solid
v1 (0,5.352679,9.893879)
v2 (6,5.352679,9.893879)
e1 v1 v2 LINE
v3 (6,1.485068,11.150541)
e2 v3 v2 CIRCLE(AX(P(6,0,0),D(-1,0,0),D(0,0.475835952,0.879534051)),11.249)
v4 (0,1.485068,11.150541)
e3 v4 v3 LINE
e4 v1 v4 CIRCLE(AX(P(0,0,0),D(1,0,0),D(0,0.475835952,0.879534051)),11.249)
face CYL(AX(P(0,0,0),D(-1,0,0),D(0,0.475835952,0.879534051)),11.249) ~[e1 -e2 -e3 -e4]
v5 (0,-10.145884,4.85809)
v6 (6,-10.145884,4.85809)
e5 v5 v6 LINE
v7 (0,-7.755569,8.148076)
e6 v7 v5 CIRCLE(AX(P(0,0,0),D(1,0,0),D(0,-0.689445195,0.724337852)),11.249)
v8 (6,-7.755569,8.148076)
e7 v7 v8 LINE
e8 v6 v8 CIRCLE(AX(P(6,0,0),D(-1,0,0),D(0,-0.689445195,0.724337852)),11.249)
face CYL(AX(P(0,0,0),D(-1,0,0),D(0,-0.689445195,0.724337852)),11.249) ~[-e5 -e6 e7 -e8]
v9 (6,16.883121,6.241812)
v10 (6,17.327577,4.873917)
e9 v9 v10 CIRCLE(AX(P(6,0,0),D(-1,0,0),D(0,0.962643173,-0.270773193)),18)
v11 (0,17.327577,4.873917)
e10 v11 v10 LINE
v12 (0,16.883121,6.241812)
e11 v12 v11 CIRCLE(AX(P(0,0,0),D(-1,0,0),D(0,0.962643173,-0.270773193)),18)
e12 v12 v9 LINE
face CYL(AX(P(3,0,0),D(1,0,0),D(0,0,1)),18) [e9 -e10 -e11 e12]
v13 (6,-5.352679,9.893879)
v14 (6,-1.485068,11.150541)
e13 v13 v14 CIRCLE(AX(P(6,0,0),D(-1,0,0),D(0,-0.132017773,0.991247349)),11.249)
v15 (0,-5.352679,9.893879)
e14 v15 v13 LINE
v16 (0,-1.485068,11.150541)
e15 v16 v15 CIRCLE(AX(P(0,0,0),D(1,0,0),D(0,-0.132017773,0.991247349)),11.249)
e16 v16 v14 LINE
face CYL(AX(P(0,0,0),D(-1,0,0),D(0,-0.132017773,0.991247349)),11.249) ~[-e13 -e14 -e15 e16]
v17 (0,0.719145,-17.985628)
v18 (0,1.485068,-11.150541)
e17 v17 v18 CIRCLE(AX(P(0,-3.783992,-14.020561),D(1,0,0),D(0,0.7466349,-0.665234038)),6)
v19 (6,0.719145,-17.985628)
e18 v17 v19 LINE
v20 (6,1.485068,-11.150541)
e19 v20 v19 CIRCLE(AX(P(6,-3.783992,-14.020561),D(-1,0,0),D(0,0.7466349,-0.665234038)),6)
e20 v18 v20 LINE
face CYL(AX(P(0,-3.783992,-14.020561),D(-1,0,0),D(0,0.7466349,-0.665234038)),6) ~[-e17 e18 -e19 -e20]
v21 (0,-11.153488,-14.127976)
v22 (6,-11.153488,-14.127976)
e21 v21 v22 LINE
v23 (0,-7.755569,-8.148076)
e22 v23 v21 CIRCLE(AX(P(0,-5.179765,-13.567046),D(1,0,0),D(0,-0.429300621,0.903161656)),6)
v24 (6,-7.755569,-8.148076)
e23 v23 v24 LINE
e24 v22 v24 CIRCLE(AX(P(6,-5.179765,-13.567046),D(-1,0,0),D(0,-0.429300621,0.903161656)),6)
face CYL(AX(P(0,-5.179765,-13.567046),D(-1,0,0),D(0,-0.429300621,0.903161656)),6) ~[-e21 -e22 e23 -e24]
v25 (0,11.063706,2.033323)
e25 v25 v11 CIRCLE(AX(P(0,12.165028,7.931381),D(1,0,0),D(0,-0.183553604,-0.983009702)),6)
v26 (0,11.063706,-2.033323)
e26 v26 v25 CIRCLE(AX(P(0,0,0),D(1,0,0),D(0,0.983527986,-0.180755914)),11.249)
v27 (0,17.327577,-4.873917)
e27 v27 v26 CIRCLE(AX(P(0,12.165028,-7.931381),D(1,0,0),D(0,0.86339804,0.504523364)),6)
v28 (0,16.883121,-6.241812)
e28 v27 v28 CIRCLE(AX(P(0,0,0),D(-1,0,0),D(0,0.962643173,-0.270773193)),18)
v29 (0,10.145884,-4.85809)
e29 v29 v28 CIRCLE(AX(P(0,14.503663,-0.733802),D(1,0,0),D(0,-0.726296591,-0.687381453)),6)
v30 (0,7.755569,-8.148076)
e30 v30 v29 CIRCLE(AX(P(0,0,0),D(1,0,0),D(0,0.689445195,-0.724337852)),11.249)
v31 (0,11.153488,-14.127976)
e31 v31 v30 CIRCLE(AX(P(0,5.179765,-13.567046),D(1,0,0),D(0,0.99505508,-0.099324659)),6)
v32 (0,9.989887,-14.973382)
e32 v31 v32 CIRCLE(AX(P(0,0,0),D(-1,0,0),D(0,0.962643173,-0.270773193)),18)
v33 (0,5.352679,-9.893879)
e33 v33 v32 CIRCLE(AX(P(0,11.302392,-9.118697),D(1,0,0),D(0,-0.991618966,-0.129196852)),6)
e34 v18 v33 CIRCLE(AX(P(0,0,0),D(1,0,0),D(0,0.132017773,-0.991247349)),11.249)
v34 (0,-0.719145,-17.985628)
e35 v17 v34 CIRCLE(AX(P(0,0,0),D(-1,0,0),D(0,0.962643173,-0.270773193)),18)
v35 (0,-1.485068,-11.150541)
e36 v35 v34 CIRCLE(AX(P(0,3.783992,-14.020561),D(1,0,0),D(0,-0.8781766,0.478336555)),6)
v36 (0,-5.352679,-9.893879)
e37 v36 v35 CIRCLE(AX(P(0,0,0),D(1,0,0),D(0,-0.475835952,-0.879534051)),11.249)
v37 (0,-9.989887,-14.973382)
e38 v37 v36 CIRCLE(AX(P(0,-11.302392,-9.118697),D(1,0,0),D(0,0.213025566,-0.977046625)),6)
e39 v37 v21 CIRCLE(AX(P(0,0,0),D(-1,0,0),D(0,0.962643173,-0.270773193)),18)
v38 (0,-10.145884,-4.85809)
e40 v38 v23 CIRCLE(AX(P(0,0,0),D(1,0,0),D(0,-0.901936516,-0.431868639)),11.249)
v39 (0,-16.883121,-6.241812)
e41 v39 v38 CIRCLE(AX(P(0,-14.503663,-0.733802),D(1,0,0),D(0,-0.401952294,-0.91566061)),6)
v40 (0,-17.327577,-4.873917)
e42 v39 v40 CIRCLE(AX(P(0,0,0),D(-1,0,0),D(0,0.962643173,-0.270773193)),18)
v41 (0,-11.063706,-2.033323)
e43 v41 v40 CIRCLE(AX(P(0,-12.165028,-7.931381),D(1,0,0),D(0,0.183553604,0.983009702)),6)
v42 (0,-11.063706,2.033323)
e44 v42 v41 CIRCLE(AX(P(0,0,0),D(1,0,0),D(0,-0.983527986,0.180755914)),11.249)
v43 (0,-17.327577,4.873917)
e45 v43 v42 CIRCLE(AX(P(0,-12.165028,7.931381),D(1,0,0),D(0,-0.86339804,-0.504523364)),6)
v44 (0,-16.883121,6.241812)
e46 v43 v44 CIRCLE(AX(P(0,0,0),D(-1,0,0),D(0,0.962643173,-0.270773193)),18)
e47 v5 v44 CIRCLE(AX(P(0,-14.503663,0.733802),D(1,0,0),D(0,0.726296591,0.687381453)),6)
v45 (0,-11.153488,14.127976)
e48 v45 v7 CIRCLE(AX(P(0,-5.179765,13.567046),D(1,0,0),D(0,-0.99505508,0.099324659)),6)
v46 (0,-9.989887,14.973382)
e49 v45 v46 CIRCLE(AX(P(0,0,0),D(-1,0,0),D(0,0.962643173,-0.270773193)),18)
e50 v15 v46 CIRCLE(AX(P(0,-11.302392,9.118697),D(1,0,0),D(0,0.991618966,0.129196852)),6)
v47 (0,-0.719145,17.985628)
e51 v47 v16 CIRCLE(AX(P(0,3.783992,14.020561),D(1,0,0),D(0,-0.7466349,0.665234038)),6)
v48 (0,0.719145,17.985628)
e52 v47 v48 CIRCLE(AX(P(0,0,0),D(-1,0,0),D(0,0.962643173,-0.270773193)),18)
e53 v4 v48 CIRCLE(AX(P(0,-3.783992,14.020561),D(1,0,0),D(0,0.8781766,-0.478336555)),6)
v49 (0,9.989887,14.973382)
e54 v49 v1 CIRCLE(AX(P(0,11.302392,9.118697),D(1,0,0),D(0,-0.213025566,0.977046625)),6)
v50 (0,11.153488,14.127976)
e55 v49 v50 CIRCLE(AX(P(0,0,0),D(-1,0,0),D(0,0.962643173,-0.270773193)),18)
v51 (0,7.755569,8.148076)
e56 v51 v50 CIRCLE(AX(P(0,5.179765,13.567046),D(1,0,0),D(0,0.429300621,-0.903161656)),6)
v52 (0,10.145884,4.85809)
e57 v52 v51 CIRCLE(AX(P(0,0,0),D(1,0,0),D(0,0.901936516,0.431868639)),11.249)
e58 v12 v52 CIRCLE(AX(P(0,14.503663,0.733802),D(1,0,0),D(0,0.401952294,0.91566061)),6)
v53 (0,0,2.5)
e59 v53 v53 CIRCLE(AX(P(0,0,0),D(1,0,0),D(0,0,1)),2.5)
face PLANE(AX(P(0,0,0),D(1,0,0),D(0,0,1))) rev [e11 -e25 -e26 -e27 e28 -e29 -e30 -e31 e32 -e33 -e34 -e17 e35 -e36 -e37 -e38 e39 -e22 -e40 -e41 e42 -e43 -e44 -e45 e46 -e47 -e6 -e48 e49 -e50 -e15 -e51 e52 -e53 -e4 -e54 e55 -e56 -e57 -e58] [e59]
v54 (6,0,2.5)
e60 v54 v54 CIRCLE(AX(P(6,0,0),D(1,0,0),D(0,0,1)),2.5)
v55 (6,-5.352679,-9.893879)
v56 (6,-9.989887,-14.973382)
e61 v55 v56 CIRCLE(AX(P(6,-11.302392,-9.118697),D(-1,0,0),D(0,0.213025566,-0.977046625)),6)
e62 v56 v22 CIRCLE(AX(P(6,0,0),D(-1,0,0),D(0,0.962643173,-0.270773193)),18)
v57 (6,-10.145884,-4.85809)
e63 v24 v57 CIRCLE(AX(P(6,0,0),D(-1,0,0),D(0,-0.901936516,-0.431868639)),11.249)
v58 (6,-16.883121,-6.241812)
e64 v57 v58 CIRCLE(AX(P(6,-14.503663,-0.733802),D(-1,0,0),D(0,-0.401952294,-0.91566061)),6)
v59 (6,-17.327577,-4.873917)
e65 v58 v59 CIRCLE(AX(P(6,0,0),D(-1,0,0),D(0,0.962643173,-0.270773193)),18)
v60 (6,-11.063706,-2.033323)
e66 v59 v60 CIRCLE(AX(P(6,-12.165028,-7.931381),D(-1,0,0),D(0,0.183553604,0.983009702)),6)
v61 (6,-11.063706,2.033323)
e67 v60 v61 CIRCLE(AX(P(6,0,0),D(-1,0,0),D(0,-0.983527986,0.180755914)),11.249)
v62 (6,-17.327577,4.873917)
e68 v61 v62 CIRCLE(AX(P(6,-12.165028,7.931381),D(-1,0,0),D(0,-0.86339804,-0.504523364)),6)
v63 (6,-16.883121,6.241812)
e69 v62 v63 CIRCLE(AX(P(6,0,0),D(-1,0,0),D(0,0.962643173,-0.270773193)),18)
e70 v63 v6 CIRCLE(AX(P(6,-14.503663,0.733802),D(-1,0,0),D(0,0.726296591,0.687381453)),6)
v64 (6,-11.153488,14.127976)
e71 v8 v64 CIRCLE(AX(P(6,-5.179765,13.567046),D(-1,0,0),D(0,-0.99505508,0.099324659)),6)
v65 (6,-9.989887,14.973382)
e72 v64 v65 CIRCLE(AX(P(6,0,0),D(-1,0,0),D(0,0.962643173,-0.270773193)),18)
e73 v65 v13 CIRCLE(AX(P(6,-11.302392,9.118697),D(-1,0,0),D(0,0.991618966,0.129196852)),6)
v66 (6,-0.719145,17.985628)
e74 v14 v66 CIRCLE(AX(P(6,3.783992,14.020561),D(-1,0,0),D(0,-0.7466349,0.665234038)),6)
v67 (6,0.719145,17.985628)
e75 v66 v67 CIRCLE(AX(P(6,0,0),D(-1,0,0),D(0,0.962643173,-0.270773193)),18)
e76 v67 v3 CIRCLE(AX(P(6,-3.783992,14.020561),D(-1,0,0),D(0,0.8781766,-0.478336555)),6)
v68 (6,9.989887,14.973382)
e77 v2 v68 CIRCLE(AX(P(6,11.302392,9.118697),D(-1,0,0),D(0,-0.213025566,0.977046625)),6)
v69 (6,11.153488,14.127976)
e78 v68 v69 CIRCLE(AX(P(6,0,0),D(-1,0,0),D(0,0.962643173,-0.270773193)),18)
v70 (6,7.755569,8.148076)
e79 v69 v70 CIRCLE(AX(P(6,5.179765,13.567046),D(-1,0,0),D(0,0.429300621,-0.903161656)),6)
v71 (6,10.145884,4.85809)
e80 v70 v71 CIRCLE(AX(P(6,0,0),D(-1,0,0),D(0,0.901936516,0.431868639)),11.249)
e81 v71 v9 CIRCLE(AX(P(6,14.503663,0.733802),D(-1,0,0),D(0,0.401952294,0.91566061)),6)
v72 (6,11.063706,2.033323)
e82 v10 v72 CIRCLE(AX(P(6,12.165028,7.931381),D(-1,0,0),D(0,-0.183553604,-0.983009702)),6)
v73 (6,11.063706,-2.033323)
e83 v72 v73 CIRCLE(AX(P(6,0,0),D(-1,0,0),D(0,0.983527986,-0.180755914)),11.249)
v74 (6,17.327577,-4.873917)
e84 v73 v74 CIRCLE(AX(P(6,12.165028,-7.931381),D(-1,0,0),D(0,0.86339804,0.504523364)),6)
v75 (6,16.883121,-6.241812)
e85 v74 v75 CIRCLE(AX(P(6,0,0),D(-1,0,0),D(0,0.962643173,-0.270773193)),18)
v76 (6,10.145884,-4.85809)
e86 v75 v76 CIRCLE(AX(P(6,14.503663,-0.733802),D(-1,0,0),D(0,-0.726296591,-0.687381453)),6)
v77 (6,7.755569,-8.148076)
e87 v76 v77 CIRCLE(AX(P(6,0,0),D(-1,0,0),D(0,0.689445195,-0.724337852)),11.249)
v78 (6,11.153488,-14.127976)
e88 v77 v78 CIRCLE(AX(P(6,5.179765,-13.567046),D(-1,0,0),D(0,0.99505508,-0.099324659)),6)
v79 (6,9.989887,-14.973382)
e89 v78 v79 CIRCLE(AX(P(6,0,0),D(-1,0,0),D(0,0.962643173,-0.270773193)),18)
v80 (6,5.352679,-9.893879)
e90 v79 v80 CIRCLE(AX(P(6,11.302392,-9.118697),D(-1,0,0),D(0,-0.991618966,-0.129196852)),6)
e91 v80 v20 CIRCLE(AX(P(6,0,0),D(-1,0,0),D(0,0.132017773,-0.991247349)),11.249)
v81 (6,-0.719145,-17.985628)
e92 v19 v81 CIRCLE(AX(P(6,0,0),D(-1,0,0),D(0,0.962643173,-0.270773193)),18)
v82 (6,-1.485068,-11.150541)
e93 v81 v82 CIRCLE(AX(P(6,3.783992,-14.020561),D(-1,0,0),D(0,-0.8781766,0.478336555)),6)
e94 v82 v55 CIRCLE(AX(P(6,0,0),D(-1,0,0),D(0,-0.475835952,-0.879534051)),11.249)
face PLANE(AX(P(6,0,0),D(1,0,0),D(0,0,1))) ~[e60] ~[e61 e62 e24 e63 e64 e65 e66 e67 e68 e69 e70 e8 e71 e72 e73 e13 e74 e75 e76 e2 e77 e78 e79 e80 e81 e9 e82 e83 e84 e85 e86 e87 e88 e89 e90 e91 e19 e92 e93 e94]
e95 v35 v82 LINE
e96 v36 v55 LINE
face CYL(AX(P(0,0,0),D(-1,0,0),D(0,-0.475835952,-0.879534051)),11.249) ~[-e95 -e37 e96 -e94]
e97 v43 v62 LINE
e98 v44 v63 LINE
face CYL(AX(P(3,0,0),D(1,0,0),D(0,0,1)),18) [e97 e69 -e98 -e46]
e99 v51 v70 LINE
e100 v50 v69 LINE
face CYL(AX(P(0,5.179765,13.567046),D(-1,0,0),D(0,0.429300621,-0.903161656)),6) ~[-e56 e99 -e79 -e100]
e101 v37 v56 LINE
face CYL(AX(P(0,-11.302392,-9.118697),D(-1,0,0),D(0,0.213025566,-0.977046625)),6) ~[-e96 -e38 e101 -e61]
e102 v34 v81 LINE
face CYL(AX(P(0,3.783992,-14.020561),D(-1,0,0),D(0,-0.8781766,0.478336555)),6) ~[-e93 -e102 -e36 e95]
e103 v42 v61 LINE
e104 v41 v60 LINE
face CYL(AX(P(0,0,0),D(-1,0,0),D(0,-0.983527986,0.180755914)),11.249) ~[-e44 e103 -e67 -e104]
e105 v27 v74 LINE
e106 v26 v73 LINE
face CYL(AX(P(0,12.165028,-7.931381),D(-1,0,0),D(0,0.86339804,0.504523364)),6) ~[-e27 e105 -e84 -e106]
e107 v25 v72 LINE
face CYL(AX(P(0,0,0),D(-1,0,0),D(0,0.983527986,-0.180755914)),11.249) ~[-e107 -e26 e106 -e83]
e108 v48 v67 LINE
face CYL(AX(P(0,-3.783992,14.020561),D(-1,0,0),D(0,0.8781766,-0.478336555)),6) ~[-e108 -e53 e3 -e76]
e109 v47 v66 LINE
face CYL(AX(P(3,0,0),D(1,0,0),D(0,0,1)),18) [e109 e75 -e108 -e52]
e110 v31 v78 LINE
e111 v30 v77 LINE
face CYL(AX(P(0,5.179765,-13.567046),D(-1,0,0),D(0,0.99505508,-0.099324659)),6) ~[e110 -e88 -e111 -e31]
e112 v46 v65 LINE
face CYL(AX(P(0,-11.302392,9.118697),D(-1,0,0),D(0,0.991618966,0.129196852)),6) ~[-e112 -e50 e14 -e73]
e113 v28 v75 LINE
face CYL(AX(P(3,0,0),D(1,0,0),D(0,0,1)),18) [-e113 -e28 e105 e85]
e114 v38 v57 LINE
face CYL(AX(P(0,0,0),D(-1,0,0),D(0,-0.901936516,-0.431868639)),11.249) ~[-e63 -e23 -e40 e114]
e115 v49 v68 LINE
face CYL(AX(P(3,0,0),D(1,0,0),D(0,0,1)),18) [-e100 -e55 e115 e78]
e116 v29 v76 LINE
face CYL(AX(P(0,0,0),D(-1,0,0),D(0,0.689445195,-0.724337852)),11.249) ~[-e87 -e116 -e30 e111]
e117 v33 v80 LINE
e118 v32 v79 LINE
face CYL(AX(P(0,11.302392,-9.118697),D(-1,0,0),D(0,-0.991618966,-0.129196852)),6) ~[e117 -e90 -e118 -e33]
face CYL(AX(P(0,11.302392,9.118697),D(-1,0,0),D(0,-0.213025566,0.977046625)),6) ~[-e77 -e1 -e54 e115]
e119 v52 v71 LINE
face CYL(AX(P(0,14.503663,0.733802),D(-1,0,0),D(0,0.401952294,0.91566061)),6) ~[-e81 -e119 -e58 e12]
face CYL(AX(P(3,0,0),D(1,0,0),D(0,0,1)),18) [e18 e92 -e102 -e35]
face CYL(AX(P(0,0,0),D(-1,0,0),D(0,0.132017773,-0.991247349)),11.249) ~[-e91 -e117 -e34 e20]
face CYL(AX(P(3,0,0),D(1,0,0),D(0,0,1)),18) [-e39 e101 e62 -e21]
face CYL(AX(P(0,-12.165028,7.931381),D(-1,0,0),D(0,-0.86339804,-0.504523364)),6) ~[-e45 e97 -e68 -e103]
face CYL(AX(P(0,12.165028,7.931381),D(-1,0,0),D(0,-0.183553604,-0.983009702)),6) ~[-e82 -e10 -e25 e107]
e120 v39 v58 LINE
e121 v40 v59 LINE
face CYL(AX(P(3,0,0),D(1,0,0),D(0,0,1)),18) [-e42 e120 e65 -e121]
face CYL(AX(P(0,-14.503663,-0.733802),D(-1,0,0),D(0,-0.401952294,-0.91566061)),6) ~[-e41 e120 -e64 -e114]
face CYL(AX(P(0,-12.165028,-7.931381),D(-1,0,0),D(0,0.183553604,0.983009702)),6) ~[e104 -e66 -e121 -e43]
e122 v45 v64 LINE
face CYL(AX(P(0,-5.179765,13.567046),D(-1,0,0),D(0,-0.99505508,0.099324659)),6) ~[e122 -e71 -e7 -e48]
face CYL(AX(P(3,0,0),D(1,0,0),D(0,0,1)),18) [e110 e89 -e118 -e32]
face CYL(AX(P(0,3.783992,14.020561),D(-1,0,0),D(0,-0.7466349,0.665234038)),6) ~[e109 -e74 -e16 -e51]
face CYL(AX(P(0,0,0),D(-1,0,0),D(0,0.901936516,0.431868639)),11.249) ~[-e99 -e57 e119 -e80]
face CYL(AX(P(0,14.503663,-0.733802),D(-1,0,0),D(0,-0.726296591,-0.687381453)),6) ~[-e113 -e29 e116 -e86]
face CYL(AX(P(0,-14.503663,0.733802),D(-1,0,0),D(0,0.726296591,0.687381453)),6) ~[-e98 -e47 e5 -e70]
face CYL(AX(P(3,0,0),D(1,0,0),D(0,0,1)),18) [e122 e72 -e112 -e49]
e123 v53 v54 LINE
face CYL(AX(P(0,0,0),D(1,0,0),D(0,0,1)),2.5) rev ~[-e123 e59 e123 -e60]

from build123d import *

# Parameters (mm, degrees)
BASPROSKE_W     = 6
BASPROSKE_H     = 18
TOOTHCUT_DEPTH  = 27.153393661
TEETHCUTS_COUNT = 10
TEETHCUTS_ANGLE = 324
BORSKE_R        = 2.5
BORE_DEPTH      = 50.0000508


with BuildPart() as part:
    # BasProSke → Base-Revolve (revolve)
    with BuildSketch(Plane(origin=(0, 0, 0), x_dir=(1, 0, 0), z_dir=(0, 1, 0)), mode=Mode.PRIVATE) as base_revolve_sk:
        with Locations((3, 9)):
            Rectangle(BASPROSKE_W, BASPROSKE_H)
    revolve(base_revolve_sk.sketch.rotate(Axis((-10, 0, 0), (1, 0, 0)), 180), axis=Axis((-10, 0, 0), (1, 0, 0)))

    # TooCutSke → ToothCut (cut, through all)
    with BuildSketch(Plane(origin=(0, 0, 0), x_dir=(0, 0, -1), z_dir=(1, 0, 0))):
        with BuildLine():
            ThreePointArc((2.033323271, 11.063706317), (0, 11.249), (-2.033323271, 11.063706317))
            ThreePointArc((-2.033323271, 11.063706317), (-2.474297893, 14.659068577), (-4.904241297, 17.34541618))
            ThreePointArc((-4.904241297, 17.34541618), (0, 18.0254), (4.904241297, 17.34541618))
            ThreePointArc((4.904241297, 17.34541618), (2.474297893, 14.659068577), (2.033323271, 11.063706317))
        make_face()
    toothcut = extrude(amount=TOOTHCUT_DEPTH, mode=Mode.SUBTRACT)

    # TeethCuts: ToothCut ×10 about axis
    teethcuts_axis = Axis((-10, 0, 0), (1, 0, 0))
    for i in range(1, TEETHCUTS_COUNT):
        add(toothcut.rotate(teethcuts_axis, i * TEETHCUTS_ANGLE / (TEETHCUTS_COUNT - 1)), mode=Mode.SUBTRACT)

    # BorSke → Bore (cut, symmetric)
    with BuildSketch(Plane(origin=(0, 0, 0), x_dir=(0, 0, -1), z_dir=(1, 0, 0))):
        with Locations(Location((0, 0, 0), (0, 0, 180))):
            Circle(BORSKE_R)
    extrude(amount=BORE_DEPTH, both=True, mode=Mode.SUBTRACT)


solid = part.part
